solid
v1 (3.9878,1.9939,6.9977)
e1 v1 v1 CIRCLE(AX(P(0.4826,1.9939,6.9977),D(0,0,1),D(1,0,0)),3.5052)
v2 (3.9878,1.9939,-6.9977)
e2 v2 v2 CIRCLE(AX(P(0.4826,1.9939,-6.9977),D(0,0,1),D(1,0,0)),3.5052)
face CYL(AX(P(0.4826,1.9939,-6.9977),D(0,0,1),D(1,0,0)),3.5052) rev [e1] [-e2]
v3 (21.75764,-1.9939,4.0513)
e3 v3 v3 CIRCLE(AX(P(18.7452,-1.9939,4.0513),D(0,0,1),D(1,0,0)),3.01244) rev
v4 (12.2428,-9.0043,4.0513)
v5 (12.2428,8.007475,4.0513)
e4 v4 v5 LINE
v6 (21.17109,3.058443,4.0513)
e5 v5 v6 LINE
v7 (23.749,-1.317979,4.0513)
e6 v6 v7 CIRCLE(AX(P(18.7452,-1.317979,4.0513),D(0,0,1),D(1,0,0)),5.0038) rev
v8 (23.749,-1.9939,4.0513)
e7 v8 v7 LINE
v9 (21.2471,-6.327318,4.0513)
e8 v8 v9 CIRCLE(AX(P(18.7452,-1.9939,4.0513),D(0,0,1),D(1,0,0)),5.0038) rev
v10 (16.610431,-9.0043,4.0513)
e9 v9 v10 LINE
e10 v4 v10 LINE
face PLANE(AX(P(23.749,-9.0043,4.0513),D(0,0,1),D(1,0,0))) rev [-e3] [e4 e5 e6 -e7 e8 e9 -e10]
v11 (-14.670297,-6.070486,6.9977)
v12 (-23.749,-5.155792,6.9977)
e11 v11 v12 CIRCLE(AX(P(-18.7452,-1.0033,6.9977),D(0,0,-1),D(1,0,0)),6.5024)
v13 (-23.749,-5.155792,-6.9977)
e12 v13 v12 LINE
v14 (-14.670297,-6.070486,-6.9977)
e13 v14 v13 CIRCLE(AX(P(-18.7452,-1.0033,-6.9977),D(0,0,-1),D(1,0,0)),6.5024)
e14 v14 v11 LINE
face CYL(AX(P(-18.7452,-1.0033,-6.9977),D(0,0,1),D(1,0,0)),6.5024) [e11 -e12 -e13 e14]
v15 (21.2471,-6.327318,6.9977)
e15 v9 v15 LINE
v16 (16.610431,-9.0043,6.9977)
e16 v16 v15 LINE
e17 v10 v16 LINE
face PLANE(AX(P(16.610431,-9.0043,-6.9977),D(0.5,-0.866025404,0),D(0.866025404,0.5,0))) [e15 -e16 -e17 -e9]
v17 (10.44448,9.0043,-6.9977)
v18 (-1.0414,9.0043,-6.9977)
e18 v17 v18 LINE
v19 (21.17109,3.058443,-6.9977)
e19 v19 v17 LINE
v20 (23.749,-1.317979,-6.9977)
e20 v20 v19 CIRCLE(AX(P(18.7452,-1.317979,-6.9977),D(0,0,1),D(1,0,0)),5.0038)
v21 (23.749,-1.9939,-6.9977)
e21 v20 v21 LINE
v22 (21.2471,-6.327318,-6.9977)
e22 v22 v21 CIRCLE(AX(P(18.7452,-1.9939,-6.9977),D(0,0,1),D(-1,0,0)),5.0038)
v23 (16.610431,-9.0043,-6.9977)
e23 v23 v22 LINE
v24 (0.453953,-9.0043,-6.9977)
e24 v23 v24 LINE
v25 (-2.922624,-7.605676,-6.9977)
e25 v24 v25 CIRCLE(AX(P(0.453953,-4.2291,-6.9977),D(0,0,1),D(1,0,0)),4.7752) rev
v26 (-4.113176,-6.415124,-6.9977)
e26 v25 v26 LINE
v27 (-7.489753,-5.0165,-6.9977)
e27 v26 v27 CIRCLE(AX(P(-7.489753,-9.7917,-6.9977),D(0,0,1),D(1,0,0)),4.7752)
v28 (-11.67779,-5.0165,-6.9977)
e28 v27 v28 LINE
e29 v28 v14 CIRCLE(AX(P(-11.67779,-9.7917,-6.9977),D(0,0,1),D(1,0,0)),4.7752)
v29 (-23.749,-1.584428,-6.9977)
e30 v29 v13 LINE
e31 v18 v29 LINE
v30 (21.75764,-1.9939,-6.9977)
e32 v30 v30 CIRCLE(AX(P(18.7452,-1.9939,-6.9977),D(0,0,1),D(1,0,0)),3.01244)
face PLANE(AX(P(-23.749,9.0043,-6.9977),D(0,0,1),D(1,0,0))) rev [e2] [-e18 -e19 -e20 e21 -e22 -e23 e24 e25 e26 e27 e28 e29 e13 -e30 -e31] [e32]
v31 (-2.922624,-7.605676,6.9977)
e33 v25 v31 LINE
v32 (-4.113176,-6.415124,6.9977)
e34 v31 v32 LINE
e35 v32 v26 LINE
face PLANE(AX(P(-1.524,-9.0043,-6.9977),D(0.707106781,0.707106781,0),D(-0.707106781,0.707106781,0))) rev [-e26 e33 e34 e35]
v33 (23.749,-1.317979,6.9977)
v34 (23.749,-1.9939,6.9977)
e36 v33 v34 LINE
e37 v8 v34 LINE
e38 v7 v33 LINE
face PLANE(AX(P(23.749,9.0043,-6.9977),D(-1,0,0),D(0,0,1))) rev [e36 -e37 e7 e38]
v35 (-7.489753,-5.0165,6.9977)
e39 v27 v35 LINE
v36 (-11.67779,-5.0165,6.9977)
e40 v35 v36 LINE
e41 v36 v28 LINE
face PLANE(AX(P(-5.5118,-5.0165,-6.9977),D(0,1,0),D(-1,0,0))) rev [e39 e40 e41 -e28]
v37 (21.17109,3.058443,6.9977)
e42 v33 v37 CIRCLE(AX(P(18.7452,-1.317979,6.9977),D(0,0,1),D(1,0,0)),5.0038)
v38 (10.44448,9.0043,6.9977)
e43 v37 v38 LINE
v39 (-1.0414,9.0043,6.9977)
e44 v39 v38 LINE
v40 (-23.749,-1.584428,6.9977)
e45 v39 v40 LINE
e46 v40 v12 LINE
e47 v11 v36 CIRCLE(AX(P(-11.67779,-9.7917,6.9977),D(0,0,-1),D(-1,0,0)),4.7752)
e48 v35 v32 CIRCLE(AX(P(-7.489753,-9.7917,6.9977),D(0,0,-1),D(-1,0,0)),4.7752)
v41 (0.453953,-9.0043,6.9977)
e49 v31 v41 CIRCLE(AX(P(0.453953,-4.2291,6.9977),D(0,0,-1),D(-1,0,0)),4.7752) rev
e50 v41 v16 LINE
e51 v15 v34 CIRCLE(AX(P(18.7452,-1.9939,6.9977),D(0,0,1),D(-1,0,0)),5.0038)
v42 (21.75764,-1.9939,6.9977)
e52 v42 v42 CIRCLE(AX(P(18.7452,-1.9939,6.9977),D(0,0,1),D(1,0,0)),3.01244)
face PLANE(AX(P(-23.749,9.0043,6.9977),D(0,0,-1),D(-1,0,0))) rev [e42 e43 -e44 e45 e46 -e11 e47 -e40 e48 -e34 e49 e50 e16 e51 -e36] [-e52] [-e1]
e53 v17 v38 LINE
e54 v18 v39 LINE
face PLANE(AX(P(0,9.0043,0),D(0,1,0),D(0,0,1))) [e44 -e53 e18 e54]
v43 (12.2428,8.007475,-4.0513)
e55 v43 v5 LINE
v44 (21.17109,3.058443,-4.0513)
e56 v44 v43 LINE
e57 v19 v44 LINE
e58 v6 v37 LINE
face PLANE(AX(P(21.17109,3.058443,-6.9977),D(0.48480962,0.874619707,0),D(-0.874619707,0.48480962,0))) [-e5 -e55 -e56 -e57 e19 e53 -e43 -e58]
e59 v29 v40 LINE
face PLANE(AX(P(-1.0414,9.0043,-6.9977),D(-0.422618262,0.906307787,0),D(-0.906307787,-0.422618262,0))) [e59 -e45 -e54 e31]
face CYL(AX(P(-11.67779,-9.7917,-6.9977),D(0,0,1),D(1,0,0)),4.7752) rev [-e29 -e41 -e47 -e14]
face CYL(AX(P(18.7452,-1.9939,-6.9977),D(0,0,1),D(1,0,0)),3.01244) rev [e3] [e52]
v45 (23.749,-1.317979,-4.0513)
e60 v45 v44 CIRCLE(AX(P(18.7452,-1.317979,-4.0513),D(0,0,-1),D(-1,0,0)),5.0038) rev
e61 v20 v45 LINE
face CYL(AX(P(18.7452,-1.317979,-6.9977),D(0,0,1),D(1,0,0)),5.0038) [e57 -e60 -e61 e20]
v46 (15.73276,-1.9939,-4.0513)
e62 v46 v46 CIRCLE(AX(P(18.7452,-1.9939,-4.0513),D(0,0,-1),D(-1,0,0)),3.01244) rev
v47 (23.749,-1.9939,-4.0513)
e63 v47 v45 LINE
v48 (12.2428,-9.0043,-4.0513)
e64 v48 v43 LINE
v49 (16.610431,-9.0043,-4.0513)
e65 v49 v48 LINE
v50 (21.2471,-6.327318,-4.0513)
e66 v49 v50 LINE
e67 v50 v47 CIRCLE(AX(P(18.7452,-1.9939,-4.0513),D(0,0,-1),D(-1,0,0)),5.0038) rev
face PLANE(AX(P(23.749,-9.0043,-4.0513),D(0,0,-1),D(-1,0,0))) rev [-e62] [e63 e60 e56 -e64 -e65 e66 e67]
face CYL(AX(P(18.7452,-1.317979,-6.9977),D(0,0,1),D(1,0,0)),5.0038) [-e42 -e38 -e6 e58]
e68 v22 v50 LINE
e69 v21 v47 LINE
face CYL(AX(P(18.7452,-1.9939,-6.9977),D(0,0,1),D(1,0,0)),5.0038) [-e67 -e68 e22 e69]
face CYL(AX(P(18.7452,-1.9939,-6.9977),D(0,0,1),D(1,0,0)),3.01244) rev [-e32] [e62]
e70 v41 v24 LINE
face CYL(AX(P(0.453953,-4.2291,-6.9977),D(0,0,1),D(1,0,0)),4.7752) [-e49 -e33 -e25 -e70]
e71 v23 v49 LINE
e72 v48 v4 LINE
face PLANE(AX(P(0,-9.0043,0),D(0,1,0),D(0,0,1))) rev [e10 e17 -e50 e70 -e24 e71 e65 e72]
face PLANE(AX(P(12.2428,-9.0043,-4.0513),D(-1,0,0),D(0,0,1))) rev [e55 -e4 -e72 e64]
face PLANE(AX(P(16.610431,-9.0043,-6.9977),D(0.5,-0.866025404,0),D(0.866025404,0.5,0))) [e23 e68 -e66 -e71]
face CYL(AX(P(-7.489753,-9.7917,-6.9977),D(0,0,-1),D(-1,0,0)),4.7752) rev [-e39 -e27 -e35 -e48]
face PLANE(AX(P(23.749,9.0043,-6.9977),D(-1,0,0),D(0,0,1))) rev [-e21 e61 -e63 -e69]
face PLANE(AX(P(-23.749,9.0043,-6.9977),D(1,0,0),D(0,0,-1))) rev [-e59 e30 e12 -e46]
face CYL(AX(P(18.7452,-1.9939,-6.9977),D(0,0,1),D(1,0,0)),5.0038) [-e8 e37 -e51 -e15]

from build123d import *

# Parameters (mm, degrees)
SKETCH2_W               = 47.498
SKETCH2_H               = 13.9954
BOSS_EXTRUDE1_DEPTH     = 9.0043
SKETCH3_R               = 3.01244
SKETCH3_R_2             = 3.5052
CUT_EXTRUDE1_DEPTH      = 7.9977
CUT_EXTRUDE1_DEPTH_BACK = 7.9977
SKETCH5_OUTSIDE_W       = 60.036
SKETCH5_OUTSIDE_H       = 30.546
CUT_EXTRUDE2_DEPTH      = 7.9977
CUT_EXTRUDE2_DEPTH_BACK = 7.9977
CUT_EXTRUDE3_DEPTH      = 7.9977
CUT_EXTRUDE3_DEPTH_BACK = 7.9977
FILLET1_R               = 4.7752
SKETCH7_W               = 11.5062
SKETCH7_H               = 8.1026
CUT_EXTRUDE4_DEPTH      = 10.0043
CUT_EXTRUDE4_DEPTH_BACK = 10.0043


with BuildPart() as part:
    # Sketch2 → Boss-Extrude1 (new body, symmetric)
    with BuildSketch(Plane(origin=(0, 0, 0), x_dir=(1, 0, 0), z_dir=(0, 1, 0))):
        Rectangle(SKETCH2_W, SKETCH2_H)
    extrude(amount=BOSS_EXTRUDE1_DEPTH, both=True)

    # Sketch3 → Cut-Extrude1 (cut, two sides)
    with BuildSketch(Plane.XY) as cut_extrude1_sk:
        with Locations((18.7452, -1.9939)):
            Circle(SKETCH3_R)
        with Locations((0.4826, 1.9939)):
            Circle(SKETCH3_R_2)
    extrude(amount=CUT_EXTRUDE1_DEPTH, mode=Mode.SUBTRACT)
    extrude(cut_extrude1_sk.sketch, amount=-CUT_EXTRUDE1_DEPTH_BACK, mode=Mode.SUBTRACT)

    # Sketch5 outside → Cut-Extrude2 (cut, two sides)
    with BuildSketch(Plane.XY) as cut_extrude2_sk:
        Rectangle(SKETCH5_OUTSIDE_W, SKETCH5_OUTSIDE_H)
        with BuildLine():
            Line((16.610431019, -9.0043), (21.2471, -6.327317915))
            ThreePointArc((21.2471, -6.327317915), (23.078617915, -4.4958), (23.749, -1.9939))
            Line((23.749, -1.9939), (23.749, -1.317979314))
            ThreePointArc((23.749, -1.317979314), (23.056619993, 1.221641146), (21.171090378, 3.058442776))
            Line((21.171090378, 3.058442776), (10.44448, 9.0043))
            Line((10.44448, 9.0043), (-1.0414, 9.0043))
            Line((-1.0414, 9.0043), (-23.749, -1.584427778))
            Line((-23.749, -1.584427778), (-23.749, -9.0043))
            Line((-23.749, -9.0043), (16.610431019, -9.0043))
        make_face(mode=Mode.SUBTRACT)
    extrude(amount=CUT_EXTRUDE2_DEPTH, mode=Mode.SUBTRACT)
    extrude(cut_extrude2_sk.sketch, amount=-CUT_EXTRUDE2_DEPTH_BACK, mode=Mode.SUBTRACT)

    # Sketch6 → Cut-Extrude3 (cut, two sides)
    with BuildSketch(Plane.XY) as cut_extrude3_sk:
        with BuildLine():
            Line((-1.524, -9.0043), (-5.5118, -5.0165))
            Line((-5.5118, -5.0165), (-13.629006931, -5.0165))
            ThreePointArc((-13.629006931, -5.0165), (-18.655709059, -7.50508415), (-23.749, -5.155792182))
            Line((-23.749, -5.155792182), (-23.749, -9.0043))
            Line((-23.749, -9.0043), (-1.524, -9.0043))
        make_face()
    extrude(amount=CUT_EXTRUDE3_DEPTH, mode=Mode.SUBTRACT)
    extrude(cut_extrude3_sk.sketch, amount=-CUT_EXTRUDE3_DEPTH_BACK, mode=Mode.SUBTRACT)

    # Fillet1
    fillet1_edges = [part.edges().sort_by_distance(p)[0] for p in [
        (-13.629006931, -5.0165, 0),
        (-5.5118, -5.0165, 0),
        (-1.524, -9.0043, 0),
    ]]
    fillet(fillet1_edges, radius=FILLET1_R)

    # Sketch7 → Cut-Extrude4 (cut, two sides)
    with BuildSketch(Plane(origin=(0, 0, 0), x_dir=(1, 0, 0), z_dir=(0, 1, 0))) as cut_extrude4_sk:
        with Locations((17.9959, 0)):
            Rectangle(SKETCH7_W, SKETCH7_H)
    extrude(amount=CUT_EXTRUDE4_DEPTH, mode=Mode.SUBTRACT)
    extrude(cut_extrude4_sk.sketch, amount=-CUT_EXTRUDE4_DEPTH_BACK, mode=Mode.SUBTRACT)


solid = part.part
